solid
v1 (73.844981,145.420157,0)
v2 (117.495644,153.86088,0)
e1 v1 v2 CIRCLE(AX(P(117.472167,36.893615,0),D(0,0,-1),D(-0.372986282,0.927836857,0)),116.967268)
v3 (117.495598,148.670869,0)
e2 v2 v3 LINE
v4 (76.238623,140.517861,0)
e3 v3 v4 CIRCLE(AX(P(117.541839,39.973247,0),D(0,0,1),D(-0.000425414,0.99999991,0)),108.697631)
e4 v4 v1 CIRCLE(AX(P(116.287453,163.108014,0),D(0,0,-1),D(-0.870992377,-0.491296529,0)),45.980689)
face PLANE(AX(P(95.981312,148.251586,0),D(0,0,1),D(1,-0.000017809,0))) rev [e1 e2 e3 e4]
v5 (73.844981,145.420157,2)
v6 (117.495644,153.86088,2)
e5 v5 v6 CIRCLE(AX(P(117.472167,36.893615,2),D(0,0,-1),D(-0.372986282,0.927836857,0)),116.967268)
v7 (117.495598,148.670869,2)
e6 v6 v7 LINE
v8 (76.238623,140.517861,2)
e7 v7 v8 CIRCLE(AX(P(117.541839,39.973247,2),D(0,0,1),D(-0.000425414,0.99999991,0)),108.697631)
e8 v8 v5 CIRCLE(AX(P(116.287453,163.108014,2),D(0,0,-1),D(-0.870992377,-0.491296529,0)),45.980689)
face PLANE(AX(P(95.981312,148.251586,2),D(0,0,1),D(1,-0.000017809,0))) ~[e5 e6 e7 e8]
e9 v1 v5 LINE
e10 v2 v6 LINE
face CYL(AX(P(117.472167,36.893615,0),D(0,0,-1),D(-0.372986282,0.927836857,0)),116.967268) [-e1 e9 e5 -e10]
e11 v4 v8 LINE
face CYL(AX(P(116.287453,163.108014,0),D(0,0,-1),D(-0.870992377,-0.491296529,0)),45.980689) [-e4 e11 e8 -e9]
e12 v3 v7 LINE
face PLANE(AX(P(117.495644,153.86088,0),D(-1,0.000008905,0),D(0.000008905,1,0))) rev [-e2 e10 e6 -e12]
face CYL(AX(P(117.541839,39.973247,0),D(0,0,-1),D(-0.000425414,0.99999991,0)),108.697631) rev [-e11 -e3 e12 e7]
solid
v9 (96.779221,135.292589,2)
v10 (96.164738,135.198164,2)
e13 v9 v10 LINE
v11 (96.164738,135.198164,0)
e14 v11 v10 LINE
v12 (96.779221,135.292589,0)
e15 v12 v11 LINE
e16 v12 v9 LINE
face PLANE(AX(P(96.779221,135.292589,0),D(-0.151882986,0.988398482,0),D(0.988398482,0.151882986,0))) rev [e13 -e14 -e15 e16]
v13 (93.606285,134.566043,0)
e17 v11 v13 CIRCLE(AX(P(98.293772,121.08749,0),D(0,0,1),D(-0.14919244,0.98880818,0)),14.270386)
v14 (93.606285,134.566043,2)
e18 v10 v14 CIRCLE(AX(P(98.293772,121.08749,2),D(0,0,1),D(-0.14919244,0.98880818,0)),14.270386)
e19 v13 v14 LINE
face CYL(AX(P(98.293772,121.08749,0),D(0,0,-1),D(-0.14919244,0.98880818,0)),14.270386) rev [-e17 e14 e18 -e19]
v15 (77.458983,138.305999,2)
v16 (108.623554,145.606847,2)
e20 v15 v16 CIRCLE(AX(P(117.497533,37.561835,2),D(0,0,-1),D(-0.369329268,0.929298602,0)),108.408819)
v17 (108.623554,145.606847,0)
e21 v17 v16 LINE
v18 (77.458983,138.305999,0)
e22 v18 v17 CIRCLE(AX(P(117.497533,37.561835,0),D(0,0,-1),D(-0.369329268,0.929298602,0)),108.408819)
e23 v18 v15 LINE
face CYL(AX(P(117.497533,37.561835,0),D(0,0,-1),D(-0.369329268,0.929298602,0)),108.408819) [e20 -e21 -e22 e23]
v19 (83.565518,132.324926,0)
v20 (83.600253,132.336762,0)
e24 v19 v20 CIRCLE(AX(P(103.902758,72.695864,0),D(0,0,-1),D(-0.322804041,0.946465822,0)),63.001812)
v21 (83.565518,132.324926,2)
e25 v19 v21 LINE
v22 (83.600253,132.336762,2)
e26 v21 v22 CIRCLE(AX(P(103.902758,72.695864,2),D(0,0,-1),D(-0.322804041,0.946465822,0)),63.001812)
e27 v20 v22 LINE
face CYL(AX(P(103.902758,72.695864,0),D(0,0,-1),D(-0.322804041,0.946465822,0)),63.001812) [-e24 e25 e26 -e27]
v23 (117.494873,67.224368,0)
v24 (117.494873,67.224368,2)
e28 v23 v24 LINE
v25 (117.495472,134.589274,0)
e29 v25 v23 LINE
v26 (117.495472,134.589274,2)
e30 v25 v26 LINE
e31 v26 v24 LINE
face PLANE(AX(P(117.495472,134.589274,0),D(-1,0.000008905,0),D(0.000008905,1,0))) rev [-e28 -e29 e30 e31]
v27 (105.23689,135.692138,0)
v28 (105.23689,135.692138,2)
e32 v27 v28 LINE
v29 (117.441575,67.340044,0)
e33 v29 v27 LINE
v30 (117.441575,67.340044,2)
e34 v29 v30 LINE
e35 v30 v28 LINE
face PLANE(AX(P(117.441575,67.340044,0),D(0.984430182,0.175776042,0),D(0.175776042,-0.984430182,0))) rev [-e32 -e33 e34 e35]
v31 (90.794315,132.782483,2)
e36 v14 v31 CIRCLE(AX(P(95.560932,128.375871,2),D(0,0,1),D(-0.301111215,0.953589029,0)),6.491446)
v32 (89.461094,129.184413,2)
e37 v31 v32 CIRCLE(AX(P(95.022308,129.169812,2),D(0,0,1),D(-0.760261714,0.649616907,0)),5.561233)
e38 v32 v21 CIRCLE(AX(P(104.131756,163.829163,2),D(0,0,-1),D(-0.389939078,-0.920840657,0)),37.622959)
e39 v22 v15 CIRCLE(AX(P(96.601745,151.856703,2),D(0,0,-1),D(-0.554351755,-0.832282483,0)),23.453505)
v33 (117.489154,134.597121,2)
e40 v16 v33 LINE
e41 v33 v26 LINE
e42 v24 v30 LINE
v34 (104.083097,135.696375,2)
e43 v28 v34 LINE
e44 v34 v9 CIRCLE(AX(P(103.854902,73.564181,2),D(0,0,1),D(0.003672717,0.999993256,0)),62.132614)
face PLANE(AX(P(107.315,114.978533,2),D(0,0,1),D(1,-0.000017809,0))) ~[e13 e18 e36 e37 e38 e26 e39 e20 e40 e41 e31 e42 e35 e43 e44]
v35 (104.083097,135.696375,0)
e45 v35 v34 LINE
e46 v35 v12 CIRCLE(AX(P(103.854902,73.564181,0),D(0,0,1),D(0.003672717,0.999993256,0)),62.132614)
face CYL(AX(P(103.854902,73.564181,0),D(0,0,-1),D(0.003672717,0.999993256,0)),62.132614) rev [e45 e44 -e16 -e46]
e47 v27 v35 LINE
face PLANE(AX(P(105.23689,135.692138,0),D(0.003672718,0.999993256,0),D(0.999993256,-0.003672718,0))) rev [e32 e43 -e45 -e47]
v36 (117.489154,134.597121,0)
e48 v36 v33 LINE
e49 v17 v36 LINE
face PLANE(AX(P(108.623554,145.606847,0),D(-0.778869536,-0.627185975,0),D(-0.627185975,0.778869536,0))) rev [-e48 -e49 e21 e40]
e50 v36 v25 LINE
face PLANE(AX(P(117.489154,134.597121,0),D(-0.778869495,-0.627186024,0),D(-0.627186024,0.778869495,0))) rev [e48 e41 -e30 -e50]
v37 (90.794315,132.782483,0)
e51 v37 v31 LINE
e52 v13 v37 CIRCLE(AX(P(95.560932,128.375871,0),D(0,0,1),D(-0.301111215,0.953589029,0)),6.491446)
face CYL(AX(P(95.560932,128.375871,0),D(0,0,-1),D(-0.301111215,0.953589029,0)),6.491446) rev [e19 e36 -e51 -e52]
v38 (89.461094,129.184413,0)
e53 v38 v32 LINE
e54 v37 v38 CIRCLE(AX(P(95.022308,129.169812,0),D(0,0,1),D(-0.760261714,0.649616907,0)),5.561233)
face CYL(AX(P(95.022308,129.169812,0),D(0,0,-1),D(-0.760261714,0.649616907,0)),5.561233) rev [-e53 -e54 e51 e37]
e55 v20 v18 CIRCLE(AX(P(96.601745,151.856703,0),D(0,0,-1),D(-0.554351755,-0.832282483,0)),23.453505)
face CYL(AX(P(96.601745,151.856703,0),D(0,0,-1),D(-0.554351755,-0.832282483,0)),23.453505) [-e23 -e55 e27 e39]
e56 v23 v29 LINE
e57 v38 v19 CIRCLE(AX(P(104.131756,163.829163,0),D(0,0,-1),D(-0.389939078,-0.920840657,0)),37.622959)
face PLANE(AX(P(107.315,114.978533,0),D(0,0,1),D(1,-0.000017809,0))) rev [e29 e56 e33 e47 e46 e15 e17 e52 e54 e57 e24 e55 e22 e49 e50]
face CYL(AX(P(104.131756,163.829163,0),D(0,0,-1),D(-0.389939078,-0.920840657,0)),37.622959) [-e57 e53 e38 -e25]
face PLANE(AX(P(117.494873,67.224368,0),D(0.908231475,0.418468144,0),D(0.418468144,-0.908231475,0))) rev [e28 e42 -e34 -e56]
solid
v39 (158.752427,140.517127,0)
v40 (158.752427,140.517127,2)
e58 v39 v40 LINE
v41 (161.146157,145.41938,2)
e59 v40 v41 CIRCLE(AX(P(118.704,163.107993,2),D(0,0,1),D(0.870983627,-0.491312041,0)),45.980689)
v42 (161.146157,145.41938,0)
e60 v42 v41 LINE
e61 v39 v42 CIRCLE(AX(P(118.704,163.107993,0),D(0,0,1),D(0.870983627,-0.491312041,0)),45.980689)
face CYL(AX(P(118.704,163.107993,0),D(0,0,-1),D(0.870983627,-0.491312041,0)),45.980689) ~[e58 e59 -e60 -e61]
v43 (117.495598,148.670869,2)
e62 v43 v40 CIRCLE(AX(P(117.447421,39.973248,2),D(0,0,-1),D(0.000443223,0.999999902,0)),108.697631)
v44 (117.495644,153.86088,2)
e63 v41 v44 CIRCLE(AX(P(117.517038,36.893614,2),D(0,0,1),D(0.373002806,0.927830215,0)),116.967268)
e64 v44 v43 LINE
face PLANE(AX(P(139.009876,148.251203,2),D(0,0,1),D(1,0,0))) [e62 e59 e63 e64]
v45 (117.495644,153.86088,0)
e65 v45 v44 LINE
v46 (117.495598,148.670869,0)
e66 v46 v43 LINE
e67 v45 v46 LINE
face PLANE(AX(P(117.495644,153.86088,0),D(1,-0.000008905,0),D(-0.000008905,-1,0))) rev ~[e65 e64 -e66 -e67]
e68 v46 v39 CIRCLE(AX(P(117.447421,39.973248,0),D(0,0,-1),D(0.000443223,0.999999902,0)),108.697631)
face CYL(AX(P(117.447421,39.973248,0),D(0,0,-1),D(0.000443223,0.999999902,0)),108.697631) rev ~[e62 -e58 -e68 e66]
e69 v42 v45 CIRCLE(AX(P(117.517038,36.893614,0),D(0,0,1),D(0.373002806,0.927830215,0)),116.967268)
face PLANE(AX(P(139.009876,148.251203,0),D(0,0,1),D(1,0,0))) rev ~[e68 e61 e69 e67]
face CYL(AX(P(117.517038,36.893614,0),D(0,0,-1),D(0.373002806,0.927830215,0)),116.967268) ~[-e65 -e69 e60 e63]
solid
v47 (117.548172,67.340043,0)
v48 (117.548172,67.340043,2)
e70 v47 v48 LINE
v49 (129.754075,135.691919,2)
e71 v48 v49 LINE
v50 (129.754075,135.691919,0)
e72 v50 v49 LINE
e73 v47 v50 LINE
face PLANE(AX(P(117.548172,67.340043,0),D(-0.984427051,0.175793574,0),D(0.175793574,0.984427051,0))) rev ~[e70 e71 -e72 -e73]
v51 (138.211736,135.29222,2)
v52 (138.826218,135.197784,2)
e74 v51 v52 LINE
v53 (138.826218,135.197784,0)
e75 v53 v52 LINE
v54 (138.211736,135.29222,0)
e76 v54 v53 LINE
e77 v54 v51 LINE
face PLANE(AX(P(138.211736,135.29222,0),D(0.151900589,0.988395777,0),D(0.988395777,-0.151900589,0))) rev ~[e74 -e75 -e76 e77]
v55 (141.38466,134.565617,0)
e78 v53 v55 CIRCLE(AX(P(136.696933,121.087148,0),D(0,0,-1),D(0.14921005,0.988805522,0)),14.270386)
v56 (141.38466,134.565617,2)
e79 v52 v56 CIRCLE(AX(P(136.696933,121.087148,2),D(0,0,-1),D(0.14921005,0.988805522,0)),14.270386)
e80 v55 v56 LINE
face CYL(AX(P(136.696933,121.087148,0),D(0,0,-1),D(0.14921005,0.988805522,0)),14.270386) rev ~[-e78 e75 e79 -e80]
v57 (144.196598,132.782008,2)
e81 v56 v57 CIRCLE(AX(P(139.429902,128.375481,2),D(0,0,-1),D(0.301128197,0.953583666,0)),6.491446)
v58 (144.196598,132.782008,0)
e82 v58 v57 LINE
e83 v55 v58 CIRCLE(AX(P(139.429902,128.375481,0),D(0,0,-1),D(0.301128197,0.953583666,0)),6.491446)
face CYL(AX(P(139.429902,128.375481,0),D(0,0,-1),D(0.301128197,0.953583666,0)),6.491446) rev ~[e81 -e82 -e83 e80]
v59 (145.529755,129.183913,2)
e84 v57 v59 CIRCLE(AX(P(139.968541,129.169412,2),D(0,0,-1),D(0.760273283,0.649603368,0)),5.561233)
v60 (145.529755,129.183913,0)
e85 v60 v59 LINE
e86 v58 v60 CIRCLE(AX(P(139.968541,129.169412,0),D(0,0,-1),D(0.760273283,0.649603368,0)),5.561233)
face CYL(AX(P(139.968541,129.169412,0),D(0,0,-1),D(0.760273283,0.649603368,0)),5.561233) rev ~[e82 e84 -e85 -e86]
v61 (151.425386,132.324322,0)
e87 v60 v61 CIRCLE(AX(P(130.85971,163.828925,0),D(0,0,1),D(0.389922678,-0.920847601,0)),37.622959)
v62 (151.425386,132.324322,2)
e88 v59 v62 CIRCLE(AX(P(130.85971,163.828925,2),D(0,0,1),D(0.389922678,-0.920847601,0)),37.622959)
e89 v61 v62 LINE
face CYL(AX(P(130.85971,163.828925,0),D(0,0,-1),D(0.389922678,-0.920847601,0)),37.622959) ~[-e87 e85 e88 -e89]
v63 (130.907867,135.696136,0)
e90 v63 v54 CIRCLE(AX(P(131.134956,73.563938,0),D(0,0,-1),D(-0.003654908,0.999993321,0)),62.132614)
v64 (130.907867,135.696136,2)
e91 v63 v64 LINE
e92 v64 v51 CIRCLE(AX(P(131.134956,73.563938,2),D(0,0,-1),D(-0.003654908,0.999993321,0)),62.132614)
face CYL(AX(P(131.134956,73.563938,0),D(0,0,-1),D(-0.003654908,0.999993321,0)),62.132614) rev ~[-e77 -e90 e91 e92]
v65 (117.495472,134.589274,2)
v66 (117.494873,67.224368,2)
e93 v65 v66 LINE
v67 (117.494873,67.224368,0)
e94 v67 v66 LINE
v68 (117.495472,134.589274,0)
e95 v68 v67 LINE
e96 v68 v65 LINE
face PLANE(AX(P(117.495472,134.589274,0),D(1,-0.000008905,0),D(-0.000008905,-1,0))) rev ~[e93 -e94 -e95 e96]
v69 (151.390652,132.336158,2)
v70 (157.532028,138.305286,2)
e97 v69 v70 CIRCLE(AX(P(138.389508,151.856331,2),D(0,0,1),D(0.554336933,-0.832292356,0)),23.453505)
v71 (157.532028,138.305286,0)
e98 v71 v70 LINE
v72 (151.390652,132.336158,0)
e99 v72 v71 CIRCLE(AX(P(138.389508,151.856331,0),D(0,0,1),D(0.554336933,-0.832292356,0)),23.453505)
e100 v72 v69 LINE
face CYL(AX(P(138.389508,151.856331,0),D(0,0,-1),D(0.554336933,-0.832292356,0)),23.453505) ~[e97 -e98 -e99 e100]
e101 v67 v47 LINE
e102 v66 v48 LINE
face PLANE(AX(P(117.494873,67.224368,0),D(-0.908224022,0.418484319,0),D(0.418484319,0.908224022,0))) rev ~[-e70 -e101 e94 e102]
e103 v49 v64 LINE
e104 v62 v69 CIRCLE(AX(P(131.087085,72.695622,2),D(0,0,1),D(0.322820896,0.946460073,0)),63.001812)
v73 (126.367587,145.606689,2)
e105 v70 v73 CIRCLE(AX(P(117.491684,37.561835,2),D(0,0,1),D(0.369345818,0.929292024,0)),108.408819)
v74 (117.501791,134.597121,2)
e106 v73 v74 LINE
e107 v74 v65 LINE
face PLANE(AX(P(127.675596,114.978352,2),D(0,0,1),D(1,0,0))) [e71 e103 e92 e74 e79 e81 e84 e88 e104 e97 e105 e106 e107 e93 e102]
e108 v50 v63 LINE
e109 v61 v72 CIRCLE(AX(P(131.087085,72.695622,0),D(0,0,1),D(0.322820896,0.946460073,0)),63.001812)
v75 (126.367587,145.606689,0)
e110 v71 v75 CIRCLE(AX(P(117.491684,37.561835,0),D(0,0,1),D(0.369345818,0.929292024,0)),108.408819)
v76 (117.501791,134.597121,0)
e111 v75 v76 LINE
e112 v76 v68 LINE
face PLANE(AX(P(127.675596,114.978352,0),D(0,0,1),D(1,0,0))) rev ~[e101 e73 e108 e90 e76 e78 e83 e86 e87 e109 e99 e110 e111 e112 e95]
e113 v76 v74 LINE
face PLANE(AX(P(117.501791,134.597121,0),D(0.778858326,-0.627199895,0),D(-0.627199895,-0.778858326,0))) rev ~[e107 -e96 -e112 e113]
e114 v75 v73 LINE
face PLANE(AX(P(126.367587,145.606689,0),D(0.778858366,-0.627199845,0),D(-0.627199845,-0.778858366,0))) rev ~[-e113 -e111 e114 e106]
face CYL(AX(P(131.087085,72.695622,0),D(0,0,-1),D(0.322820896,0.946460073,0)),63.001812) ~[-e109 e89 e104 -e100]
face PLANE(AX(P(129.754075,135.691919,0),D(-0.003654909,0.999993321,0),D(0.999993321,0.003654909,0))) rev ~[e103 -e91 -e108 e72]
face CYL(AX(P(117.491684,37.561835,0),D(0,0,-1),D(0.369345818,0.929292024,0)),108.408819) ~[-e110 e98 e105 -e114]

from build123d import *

# Parameters (mm, degrees)
EXTRUDE_1_DEPTH   = 2
EXTRUDE_1_2_DEPTH = 2


with BuildPart() as part:
    # 草图4 → 凸台-拉伸1 (new body)
    with BuildSketch(Plane.XY):
        with BuildLine():
            Line((129.754075071, 135.691919441), (130.907867432, 135.696136475))
            ThreePointArc((130.907867432, 135.696136475), (134.565751216, 135.60175956), (138.211736169, 135.292220379))
            Line((138.211736169, 135.292220379), (138.826217651, 135.197784424))
            ThreePointArc((138.826217651, 135.197784424), (140.120063117, 134.940887305), (141.384659698, 134.56561713))
            ThreePointArc((141.384659698, 134.56561713), (142.906940981, 133.857183707), (144.196597811, 132.782007684))
            ThreePointArc((144.196597811, 132.782007684), (145.183330218, 131.10158314), (145.529755049, 129.183913374))
            ThreePointArc((145.529755049, 129.183913374), (148.547404982, 130.623014397), (151.425386163, 132.324321891))
            ThreePointArc((151.425386163, 132.324321891), (151.40801976, 132.330242443), (151.390651634, 132.336157937))
            ThreePointArc((151.390651634, 132.336157937), (154.736109947, 135.038022712), (157.532027719, 138.305285848))
            ThreePointArc((157.532027719, 138.305285848), (142.220764521, 143.112508129), (126.367587205, 145.606688512))
            Line((126.367587205, 145.606688512), (117.501791432, 134.597120738))
            Line((117.501791432, 134.597120738), (117.495472491, 134.589273862))
            Line((117.495472491, 134.589273862), (117.494872633, 67.224367653))
            Line((117.494872633, 67.224367653), (117.548172453, 67.340042661))
            Line((117.548172453, 67.340042661), (129.754075071, 135.691919441))
        make_face()
    extrude(amount=EXTRUDE_1_DEPTH)


with BuildPart() as body_2:
    # 草图4 → Extrude 1 2 (new body)
    with BuildSketch(Plane.XY):
        with BuildLine():
            Line((117.495644097, 153.860880328), (117.495597882, 148.670868738))
            ThreePointArc((117.495597882, 148.670868738), (138.52210518, 146.608292632), (158.752427095, 140.517126524))
            ThreePointArc((158.752427095, 140.517126524), (160.02206081, 142.932720764), (161.14615728, 145.419379652))
            ThreePointArc((161.14615728, 145.419379652), (139.725666091, 151.733148545), (117.495644097, 153.860880328))
        make_face()
    extrude(amount=EXTRUDE_1_2_DEPTH)


with BuildPart() as body_3:
    # 镜向1: mirrored copy
    add(body_2.part.mirror(Plane(origin=(117.494274017, -0.00104624, 2), x_dir=(0, 0, 1), z_dir=(0.999999999960354, -8.904603525034718e-06, 0))))


with BuildPart() as body_4:
    # Mirror 1 2: mirrored copy
    add(part.part.mirror(Plane(origin=(117.494274017, -0.00104624, 2), x_dir=(0, 0, 1), z_dir=(0.999999999960354, -8.904603525034718e-06, 0))))


solid = Compound([part.part, body_2.part, body_3.part, body_4.part])
